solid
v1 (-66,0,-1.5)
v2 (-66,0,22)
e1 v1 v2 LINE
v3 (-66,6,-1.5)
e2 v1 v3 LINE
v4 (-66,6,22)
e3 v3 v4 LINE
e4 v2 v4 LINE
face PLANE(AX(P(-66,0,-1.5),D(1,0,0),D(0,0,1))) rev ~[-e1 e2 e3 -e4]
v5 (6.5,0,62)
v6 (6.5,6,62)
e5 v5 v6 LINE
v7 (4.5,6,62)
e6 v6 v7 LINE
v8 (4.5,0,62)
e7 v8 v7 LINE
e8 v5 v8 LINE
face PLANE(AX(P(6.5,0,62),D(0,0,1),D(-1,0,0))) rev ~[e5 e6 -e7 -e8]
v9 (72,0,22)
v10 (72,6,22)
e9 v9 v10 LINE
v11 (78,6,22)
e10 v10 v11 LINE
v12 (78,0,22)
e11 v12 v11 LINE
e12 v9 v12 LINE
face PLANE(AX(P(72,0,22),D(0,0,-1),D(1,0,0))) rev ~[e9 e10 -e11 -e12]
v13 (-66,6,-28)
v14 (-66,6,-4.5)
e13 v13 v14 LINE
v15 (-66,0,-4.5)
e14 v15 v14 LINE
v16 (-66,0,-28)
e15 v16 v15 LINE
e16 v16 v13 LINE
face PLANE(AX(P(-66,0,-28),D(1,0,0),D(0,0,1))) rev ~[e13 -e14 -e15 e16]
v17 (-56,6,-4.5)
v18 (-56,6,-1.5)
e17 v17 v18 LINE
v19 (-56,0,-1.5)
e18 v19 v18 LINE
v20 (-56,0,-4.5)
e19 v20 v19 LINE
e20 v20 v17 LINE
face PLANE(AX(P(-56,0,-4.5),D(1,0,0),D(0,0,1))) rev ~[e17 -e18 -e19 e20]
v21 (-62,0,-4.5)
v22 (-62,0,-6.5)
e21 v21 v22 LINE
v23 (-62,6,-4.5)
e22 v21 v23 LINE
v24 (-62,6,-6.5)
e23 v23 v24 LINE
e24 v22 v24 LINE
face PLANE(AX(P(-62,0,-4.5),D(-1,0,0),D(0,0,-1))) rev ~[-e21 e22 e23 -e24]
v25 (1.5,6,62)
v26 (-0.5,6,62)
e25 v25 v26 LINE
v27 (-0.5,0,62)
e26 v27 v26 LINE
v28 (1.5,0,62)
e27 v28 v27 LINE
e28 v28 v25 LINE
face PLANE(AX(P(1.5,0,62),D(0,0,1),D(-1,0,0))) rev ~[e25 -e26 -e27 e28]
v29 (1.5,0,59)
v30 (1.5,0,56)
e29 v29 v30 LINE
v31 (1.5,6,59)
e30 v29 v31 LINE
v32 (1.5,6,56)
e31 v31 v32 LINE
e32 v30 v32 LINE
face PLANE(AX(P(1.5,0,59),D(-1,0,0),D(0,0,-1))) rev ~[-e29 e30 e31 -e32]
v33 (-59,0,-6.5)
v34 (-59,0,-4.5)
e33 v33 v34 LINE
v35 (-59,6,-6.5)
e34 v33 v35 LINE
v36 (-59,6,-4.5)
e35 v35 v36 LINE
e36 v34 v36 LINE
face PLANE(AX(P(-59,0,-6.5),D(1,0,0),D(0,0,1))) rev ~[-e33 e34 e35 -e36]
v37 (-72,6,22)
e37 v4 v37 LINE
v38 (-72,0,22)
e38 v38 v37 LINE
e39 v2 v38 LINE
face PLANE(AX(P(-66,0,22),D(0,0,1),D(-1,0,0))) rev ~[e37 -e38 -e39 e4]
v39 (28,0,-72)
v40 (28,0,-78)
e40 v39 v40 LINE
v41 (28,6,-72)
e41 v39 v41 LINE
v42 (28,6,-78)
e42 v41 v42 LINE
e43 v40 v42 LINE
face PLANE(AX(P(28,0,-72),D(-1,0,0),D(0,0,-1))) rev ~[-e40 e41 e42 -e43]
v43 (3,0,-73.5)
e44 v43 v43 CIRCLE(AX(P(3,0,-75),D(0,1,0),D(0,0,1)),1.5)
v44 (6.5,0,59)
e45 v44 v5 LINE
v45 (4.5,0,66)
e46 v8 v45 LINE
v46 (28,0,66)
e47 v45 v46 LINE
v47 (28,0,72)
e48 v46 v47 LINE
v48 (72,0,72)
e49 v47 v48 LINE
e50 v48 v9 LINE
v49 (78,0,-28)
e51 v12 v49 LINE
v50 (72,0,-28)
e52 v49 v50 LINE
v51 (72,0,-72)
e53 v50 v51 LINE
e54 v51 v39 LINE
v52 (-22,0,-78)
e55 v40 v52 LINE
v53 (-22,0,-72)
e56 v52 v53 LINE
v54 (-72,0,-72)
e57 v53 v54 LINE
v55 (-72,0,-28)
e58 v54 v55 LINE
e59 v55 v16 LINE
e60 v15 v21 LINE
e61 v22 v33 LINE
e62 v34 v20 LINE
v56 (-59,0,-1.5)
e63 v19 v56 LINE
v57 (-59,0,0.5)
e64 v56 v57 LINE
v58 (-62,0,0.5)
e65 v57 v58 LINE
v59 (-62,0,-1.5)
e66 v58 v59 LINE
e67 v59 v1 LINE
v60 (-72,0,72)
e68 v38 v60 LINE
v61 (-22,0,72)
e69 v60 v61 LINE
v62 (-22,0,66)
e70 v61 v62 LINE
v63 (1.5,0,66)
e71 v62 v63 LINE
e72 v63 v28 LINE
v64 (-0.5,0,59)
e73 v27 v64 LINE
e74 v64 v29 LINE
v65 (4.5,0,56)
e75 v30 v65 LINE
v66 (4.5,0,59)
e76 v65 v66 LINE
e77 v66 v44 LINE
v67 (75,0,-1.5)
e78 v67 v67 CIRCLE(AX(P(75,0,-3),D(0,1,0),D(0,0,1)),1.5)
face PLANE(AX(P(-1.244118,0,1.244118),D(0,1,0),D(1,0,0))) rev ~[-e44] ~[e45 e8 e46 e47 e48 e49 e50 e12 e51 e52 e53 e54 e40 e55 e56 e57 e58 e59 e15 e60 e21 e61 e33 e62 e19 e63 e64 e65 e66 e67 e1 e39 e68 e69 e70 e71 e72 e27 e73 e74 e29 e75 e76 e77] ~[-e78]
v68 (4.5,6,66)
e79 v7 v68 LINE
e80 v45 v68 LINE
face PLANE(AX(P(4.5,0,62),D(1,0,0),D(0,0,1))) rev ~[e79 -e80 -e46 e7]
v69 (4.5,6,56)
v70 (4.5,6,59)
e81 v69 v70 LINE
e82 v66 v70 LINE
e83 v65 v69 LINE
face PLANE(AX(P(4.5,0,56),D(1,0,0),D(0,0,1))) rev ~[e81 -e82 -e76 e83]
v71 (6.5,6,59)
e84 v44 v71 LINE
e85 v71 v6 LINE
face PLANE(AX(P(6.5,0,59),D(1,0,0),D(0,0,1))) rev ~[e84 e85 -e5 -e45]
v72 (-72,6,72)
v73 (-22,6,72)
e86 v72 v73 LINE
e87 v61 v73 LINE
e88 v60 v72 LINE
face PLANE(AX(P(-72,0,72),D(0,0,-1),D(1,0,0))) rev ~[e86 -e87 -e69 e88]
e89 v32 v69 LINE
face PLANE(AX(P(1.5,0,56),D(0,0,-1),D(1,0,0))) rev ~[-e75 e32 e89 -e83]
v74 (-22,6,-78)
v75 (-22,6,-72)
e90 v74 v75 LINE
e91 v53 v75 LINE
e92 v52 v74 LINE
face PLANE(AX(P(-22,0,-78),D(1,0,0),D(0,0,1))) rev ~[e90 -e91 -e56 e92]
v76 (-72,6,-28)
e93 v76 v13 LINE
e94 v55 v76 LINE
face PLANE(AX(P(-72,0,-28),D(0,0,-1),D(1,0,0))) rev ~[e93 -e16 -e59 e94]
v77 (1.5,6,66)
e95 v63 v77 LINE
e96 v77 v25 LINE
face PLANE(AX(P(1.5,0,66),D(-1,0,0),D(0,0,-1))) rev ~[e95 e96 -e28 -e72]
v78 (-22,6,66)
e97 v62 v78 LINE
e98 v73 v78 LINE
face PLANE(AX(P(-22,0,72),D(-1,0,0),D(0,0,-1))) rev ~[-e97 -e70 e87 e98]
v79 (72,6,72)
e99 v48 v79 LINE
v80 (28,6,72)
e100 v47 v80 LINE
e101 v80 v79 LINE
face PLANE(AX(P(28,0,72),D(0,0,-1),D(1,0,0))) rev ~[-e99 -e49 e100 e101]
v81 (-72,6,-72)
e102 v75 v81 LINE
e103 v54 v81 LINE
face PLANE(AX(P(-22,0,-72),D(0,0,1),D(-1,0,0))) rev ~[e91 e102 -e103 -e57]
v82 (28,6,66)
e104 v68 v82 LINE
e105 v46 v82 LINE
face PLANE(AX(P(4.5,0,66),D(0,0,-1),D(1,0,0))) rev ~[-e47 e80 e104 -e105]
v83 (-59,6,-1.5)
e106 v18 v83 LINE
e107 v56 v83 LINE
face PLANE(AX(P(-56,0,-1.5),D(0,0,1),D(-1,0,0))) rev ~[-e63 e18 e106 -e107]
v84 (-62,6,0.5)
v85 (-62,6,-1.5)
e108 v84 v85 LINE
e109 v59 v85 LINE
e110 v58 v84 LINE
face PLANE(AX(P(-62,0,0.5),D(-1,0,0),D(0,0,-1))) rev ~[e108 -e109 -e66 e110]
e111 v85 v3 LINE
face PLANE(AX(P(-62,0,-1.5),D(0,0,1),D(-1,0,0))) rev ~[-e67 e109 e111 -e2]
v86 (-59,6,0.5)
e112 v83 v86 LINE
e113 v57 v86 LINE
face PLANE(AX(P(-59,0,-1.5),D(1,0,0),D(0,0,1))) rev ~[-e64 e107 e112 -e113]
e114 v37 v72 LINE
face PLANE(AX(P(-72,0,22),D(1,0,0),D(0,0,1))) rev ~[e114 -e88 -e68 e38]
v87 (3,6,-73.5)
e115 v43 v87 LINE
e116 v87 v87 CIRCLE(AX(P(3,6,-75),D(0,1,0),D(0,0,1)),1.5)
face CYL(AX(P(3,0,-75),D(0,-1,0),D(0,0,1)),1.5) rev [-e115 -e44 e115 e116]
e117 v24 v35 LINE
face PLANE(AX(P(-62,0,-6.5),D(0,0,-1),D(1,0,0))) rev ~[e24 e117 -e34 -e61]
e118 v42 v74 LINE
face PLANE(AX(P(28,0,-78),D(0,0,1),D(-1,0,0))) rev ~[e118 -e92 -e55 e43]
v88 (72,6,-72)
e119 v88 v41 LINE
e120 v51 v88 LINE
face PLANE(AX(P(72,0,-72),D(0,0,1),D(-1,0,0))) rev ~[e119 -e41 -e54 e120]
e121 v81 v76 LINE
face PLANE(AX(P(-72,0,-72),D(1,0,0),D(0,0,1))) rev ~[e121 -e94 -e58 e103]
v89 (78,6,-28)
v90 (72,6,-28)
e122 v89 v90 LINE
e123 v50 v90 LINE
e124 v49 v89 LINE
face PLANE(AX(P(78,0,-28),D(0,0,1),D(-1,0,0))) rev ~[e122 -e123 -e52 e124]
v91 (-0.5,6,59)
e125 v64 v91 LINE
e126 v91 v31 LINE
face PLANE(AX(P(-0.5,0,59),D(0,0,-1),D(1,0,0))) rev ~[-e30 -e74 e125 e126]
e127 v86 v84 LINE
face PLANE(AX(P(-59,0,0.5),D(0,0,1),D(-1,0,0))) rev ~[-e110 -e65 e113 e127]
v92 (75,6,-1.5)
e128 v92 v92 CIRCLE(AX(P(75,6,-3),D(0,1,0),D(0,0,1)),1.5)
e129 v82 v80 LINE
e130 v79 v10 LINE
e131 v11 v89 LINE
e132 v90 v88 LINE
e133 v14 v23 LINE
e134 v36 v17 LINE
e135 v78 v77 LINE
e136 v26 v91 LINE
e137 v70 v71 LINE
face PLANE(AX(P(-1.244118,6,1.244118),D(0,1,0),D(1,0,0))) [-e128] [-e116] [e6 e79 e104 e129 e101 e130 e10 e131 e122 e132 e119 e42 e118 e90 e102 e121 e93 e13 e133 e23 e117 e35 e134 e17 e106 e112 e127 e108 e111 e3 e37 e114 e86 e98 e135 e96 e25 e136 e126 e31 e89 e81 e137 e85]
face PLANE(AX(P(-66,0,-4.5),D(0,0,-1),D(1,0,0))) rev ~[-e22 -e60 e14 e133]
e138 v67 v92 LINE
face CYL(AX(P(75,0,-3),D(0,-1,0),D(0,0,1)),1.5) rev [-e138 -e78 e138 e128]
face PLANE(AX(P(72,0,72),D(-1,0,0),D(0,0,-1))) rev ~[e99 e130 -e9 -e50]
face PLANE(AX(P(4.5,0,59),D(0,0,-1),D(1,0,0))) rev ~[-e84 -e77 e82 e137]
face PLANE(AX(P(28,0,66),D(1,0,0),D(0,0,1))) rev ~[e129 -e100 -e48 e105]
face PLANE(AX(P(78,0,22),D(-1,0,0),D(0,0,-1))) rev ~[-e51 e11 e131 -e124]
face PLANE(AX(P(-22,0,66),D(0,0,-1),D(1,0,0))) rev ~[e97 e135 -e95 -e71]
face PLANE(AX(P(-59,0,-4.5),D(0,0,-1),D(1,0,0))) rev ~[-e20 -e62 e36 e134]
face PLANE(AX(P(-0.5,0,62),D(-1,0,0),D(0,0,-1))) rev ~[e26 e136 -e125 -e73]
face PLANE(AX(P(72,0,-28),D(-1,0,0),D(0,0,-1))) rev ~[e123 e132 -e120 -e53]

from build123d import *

# Parameters (mm, degrees)
SKETCH1_R           = 1.5
BOSS_EXTRUDE1_DEPTH = 6


with BuildPart() as part:
    # Sketch1 → Boss-Extrude1 (new body)
    with BuildSketch(Plane(origin=(0, 0, 0), x_dir=(1, 0, 0), z_dir=(0, 1, 0))):
        Polygon((-72, 72), (-72, 28), (-66, 28), (-66, 4.5), (-62, 4.5), (-62, 6.5), (-59, 6.5), (-59, 4.5), (-56, 4.5), (-56, 1.5), (-59, 1.5), (-59, -0.5), (-62, -0.5), (-62, 1.5), (-66, 1.5), (-66, -22), (-72, -22), (-72, -72), (-22, -72), (-22, -66), (1.5, -66), (1.5, -62), (-0.5, -62), (-0.5, -59), (1.5, -59), (1.5, -56), (4.5, -56), (4.5, -59), (6.5, -59), (6.5, -62), (4.5, -62), (4.5, -66), (28, -66), (28, -72), (72, -72), (72, -22), (78, -22), (78, 28), (72, 28), (72, 72), (28, 72), (28, 78), (-22, 78), (-22, 72), align=None)
        with Locations(Location((3, 75, 0), (0, 0, 270))):
            Circle(SKETCH1_R, mode=Mode.SUBTRACT)
        with Locations(Location((75, 3, 0), (0, 0, 270))):
            Circle(SKETCH1_R, mode=Mode.SUBTRACT)
    extrude(amount=BOSS_EXTRUDE1_DEPTH)


solid = part.part
